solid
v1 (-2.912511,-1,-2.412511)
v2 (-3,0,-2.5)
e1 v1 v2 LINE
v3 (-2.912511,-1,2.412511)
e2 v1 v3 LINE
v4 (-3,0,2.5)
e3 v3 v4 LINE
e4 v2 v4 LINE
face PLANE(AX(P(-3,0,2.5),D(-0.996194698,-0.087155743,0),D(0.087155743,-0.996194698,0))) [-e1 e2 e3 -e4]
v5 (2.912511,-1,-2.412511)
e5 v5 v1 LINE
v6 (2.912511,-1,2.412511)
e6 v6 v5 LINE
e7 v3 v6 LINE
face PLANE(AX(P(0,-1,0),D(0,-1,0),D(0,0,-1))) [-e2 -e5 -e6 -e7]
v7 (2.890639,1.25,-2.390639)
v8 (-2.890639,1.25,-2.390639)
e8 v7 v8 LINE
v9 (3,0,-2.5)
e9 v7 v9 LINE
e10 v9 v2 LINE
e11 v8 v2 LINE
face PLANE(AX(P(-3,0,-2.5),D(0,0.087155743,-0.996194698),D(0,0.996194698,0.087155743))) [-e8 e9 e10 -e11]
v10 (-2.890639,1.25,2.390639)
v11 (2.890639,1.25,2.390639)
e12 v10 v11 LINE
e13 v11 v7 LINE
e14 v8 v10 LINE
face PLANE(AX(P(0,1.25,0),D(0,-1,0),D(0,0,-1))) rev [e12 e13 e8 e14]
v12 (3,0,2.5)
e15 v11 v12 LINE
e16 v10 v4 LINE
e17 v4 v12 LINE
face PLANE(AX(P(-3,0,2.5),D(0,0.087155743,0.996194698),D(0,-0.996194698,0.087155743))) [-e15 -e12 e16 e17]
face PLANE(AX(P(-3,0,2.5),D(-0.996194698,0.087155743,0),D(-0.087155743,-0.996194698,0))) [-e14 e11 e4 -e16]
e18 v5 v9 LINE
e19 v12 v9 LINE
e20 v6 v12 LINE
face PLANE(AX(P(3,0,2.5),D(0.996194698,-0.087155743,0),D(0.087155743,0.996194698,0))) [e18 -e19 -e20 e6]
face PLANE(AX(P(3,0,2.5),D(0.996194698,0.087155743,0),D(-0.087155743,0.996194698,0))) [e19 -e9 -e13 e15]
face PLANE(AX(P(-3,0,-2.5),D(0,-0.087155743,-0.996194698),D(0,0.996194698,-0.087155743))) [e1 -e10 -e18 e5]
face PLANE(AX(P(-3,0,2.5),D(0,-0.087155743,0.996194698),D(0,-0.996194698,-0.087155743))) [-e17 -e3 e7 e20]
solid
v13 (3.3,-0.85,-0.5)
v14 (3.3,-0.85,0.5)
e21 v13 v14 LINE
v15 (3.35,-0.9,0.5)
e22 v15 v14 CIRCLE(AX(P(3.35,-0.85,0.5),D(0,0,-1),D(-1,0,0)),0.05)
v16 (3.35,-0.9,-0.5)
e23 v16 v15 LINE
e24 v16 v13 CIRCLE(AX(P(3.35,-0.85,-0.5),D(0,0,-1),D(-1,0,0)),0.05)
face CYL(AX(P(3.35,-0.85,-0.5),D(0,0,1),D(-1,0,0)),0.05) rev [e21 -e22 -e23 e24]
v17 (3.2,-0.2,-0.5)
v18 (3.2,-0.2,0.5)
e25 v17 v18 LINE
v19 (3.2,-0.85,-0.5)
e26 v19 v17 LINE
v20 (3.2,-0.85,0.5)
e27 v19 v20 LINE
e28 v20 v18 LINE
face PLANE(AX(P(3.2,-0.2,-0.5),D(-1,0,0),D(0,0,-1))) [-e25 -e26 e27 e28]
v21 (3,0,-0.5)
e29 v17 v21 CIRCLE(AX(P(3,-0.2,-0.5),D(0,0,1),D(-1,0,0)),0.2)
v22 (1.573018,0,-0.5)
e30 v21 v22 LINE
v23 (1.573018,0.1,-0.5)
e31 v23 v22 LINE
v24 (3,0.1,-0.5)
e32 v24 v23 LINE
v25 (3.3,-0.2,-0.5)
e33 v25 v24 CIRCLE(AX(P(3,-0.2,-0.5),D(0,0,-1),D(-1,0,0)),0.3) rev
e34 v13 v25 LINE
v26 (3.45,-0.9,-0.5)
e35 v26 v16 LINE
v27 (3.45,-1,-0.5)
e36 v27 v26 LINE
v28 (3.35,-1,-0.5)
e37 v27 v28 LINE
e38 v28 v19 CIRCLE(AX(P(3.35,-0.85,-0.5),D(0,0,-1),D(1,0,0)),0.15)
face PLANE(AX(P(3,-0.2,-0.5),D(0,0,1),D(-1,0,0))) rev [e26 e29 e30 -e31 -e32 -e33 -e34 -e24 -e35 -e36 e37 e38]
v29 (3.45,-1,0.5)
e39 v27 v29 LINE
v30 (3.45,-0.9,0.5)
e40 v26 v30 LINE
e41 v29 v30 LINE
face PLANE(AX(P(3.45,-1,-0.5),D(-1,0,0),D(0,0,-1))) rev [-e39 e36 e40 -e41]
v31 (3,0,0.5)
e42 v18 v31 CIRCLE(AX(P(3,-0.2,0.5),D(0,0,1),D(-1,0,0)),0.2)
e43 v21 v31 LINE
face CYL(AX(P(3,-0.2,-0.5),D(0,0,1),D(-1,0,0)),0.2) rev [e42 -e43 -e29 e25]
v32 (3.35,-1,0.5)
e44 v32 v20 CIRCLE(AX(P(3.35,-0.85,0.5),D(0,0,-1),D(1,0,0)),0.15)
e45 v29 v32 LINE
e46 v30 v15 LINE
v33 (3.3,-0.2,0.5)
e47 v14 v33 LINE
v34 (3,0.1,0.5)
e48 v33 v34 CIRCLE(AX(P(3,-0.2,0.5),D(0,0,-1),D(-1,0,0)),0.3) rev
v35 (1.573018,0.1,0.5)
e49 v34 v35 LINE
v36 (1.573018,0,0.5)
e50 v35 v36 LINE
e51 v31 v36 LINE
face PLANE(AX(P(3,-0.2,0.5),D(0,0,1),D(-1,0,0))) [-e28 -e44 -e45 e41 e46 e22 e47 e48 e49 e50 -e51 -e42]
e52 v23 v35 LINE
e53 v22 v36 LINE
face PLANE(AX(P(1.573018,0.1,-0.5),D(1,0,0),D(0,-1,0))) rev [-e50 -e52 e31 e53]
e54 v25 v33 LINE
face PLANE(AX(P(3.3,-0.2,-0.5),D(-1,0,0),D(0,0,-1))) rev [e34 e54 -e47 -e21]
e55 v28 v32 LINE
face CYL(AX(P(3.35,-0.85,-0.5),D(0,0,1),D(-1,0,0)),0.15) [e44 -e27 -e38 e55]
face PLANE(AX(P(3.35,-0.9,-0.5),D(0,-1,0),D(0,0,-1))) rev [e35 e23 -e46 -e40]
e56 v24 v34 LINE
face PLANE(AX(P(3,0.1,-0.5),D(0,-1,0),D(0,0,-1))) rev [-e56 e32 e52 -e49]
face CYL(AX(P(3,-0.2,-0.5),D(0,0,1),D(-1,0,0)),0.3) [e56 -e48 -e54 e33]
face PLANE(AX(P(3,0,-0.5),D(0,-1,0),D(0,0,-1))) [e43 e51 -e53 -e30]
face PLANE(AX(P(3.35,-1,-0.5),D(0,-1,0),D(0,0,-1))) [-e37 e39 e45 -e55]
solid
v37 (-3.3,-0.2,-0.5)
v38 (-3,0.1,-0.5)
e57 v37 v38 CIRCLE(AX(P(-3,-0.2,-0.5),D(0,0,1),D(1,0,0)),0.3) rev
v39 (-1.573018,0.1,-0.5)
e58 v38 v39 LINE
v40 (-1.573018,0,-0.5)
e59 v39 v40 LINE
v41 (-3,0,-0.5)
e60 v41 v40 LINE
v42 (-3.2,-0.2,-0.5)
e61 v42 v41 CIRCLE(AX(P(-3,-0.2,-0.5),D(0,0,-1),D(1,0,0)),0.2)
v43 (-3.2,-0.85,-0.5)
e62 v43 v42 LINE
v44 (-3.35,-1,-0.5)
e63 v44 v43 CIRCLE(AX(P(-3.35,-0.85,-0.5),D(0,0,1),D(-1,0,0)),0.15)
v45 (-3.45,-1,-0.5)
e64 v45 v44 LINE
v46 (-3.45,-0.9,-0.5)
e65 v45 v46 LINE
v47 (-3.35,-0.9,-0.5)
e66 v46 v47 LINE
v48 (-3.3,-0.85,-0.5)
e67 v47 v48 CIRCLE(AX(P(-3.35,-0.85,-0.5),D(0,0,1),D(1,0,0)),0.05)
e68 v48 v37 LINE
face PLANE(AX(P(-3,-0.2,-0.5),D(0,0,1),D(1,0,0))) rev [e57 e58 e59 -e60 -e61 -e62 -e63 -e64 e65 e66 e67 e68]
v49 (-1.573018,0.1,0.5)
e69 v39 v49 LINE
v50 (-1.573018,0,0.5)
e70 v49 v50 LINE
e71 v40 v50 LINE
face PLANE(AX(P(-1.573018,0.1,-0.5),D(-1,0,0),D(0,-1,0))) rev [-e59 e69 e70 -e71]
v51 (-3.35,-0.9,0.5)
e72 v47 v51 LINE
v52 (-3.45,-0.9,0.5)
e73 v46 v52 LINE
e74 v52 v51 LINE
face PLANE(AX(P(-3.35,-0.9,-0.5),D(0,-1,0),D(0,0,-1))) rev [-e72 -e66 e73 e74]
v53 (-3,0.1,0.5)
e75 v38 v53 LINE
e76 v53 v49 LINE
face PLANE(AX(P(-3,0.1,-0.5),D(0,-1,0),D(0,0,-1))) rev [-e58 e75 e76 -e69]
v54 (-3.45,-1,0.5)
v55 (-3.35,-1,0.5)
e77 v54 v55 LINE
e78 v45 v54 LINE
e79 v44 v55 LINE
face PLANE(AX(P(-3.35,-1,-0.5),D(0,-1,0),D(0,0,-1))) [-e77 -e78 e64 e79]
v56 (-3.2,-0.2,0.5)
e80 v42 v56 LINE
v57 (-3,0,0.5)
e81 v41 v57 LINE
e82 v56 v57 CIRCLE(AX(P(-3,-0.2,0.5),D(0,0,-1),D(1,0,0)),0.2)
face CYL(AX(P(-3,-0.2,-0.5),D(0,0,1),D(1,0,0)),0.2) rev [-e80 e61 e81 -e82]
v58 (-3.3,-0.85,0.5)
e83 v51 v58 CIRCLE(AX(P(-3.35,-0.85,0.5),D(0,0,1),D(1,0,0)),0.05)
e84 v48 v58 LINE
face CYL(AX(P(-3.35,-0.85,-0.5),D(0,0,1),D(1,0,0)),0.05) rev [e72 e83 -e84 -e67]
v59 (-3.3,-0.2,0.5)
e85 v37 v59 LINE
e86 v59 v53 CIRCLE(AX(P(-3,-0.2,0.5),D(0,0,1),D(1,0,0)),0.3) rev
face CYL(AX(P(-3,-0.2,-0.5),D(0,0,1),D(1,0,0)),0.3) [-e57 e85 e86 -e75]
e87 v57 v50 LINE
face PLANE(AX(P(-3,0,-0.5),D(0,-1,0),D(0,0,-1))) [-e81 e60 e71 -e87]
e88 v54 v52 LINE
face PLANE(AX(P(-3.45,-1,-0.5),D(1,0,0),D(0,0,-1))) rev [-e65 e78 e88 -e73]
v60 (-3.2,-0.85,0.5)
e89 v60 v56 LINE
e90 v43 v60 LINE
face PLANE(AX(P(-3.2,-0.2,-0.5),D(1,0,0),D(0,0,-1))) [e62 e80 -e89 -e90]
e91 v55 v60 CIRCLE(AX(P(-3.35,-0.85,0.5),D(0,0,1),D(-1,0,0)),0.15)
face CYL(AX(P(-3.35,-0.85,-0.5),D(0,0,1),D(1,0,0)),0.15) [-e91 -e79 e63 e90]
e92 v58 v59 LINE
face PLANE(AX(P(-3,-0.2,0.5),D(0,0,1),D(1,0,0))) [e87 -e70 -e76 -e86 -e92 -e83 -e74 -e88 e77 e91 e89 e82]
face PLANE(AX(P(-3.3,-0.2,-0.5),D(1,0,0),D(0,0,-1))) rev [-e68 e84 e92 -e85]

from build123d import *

# Parameters (mm, degrees)
SKETCH1_W                     = 6
SKETCH1_H                     = 5
BOSS_EXTRUDE1_DEPTH           = 1.25
BOSS_EXTRUDE1_TAPER           = 5
BOSS_EXTRUDE1_OTHER_WAY_DEPTH = 1
BOSS_EXTRUDE1_OTHER_WAY_TAPER = 5
EXTRUDE_THIN1_DEPTH           = 0.5
EXTRUDE_THIN1_DEPTH_BACK      = 0.5


with BuildPart() as part:
    # Sketch1 → Boss-Extrude1 (new body)
    with BuildSketch(Plane(origin=(0, 0, 0), x_dir=(1, 0, 0), z_dir=(0, 1, 0))):
        Rectangle(SKETCH1_W, SKETCH1_H)
    extrude(amount=BOSS_EXTRUDE1_DEPTH, taper=BOSS_EXTRUDE1_TAPER)

    # Sketch1 → Boss-Extrude1 other way (add)
    with BuildSketch(Plane(origin=(0, 0, 0), x_dir=(1, 0, 0), z_dir=(0, 1, 0))):
        Rectangle(SKETCH1_W, SKETCH1_H)
    extrude(amount=-BOSS_EXTRUDE1_OTHER_WAY_DEPTH, taper=BOSS_EXTRUDE1_OTHER_WAY_TAPER)


with BuildPart() as body_2:
    # Sketch2 → Extrude-Thin1 (new, two sides: drawn at the far end of the back side and taken through both)
    with BuildSketch(Plane.XY.offset(-EXTRUDE_THIN1_DEPTH_BACK)):
        with BuildLine():
            Line((-1.573017802, 0), (-3, 0))
            ThreePointArc((-3, 0), (-3.141421356, -0.058578644), (-3.2, -0.2))
            Line((-3.2, -0.2), (-3.2, -0.85))
            ThreePointArc((-3.2, -0.85), (-3.243933983, -0.956066017), (-3.35, -1))
            Line((-3.35, -1), (-3.45, -1))
            Line((-3.45, -1), (-3.45, -0.9))
            Line((-3.45, -0.9), (-3.35, -0.9))
            ThreePointArc((-3.35, -0.9), (-3.314644661, -0.885355339), (-3.3, -0.85))
            Line((-3.3, -0.85), (-3.3, -0.2))
            ThreePointArc((-3.3, -0.2), (-3.212132034, 0.012132034), (-3, 0.1))
            Line((-3, 0.1), (-1.573017802, 0.1))
            Line((-1.573017802, 0.1), (-1.573017802, 0))
        make_face()
    extrude(amount=EXTRUDE_THIN1_DEPTH + EXTRUDE_THIN1_DEPTH_BACK)


with BuildPart() as body_3:
    # Mirror3: mirrored copy
    add(body_2.part.mirror(Plane(origin=(0, 0, 0), x_dir=(0, 0, 1), z_dir=(1, 0, 0))))


solid = Compound([part.part, body_2.part, body_3.part])
